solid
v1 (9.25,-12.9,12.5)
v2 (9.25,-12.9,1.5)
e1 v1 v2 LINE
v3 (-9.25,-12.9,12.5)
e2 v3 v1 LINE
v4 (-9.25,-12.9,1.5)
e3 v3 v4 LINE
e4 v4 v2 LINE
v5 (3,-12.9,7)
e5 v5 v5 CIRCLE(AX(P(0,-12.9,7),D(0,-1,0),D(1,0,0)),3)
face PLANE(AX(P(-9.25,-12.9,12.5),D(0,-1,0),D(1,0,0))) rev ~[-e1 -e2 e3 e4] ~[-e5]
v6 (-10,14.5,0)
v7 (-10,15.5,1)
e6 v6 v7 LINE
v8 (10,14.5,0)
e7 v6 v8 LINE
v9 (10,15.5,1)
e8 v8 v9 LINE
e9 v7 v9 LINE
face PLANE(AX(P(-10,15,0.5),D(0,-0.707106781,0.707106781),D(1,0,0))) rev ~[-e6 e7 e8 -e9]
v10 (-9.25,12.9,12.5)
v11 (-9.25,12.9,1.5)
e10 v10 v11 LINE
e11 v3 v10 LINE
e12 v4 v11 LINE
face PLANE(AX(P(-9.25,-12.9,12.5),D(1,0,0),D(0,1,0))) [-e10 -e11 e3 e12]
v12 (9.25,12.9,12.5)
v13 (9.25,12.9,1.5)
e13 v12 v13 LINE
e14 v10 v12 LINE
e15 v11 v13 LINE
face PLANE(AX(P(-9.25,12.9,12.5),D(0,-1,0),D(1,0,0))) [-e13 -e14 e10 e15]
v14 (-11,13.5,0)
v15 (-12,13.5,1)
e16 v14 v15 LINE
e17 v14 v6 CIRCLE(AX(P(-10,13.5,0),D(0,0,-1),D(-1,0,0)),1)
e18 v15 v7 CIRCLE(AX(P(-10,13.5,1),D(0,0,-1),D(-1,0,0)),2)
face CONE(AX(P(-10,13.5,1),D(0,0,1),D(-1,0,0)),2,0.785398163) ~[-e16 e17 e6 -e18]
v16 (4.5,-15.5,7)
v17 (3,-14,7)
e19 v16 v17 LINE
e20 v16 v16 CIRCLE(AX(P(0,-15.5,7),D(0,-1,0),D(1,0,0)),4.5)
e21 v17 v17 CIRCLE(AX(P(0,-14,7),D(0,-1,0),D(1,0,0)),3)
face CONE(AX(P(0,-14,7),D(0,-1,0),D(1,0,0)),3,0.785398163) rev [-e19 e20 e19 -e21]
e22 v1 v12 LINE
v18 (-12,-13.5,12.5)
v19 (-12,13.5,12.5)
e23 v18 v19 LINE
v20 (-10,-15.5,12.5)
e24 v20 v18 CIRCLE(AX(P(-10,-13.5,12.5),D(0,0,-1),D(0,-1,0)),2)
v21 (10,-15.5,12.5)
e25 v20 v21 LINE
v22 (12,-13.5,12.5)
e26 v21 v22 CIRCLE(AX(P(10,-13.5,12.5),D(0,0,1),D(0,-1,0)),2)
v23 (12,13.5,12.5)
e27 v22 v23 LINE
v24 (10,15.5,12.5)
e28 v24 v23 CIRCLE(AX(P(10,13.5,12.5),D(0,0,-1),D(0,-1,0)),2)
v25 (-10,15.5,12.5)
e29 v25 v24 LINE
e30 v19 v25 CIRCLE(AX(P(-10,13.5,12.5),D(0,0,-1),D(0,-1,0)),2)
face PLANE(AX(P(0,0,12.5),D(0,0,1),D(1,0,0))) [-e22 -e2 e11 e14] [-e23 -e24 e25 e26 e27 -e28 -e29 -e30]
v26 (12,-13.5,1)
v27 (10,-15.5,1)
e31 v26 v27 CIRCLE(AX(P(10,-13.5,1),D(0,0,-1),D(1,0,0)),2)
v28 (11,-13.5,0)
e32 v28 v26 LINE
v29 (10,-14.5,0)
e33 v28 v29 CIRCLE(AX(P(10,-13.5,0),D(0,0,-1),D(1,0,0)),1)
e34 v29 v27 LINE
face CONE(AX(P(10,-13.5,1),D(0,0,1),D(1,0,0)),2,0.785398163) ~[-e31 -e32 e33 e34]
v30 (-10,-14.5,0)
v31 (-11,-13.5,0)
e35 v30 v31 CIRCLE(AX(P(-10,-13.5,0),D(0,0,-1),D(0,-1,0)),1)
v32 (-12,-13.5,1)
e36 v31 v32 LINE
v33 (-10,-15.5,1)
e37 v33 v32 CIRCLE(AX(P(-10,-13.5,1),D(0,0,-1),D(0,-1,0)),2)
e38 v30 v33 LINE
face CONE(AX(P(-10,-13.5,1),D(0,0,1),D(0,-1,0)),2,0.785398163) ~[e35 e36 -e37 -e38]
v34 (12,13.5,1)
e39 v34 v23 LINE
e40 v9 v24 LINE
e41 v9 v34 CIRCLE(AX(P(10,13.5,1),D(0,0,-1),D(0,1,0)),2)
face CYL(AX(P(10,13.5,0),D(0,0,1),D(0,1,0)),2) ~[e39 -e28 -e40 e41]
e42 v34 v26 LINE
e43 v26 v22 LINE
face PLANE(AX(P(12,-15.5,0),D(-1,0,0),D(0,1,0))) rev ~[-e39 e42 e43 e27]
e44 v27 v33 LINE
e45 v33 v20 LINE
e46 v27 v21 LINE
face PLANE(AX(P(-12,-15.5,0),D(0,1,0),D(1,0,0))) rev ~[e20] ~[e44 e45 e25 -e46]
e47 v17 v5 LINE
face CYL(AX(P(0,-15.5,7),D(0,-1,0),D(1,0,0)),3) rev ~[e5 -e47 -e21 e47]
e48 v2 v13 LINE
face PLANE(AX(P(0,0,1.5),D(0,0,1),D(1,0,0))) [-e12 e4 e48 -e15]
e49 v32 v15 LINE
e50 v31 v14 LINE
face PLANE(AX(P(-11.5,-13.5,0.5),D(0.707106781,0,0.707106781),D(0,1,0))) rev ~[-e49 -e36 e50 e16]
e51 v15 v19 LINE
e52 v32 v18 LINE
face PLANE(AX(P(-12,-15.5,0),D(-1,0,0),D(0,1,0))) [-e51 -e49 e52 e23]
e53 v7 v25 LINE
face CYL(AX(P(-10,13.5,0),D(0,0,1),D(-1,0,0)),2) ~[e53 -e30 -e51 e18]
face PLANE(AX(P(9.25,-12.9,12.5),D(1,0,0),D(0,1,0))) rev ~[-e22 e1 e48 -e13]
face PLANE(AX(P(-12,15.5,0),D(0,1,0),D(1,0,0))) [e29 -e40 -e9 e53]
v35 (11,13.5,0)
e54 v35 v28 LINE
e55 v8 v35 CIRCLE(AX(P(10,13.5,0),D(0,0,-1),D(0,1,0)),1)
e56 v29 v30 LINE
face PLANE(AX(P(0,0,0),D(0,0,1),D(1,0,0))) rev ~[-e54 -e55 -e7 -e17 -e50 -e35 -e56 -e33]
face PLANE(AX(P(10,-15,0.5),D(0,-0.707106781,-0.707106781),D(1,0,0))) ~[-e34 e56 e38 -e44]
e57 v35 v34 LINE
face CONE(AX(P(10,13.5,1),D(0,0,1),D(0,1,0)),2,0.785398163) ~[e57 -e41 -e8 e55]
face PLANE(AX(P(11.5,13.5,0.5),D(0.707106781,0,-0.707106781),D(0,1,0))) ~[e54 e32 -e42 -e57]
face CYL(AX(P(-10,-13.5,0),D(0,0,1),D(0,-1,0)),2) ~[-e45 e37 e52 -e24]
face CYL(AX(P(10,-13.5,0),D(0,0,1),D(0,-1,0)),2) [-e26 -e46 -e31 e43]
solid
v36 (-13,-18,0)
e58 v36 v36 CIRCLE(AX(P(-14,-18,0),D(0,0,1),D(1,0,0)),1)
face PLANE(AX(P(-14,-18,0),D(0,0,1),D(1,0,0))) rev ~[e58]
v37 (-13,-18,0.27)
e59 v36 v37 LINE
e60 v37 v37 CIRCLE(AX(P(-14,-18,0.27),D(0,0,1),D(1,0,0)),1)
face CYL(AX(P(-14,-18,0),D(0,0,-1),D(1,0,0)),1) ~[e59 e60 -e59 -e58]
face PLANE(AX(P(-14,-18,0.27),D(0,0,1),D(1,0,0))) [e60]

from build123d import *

# Parameters (mm, degrees)
SKETCH_W        = 24
SKETCH_H        = 31
PAD_DEPTH       = 12.5
SKETCH001_R     = 3
POCKET_DEPTH    = 3
SKETCH002_W     = 18.5
SKETCH002_H     = 25.8
POCKET001_DEPTH = 11
CHAMFER_SIZE    = 1.5
FILLET_R        = 2
FILLET001_R     = 2
FILLET002_R     = 2
FILLET003_R     = 2
CHAMFER001_SIZE = 1
SKETCH003_R     = 1
PAD001_DEPTH    = 0.27


with BuildPart() as chamfer001:
    # Sketch → Pad (new body)
    with BuildSketch(Plane.XY):
        Rectangle(SKETCH_W, SKETCH_H)
    extrude(amount=PAD_DEPTH)

    # Sketch001 → Pocket (cut)
    with BuildSketch(Plane.XZ.offset(15.5)):
        with Locations((0, 7)):
            Circle(SKETCH001_R)
    extrude(amount=-POCKET_DEPTH, mode=Mode.SUBTRACT)

    # Sketch002 → Pocket001 (cut)
    with BuildSketch(Plane.XY.offset(12.5)):
        Rectangle(SKETCH002_W, SKETCH002_H)
    extrude(amount=-POCKET001_DEPTH, mode=Mode.SUBTRACT)

    # Chamfer
    chamfer_edges = [chamfer001.edges().sort_by_distance(p)[0] for p in [
        (-3, -15.5, 7),
    ]]
    chamfer(chamfer_edges, length=CHAMFER_SIZE)

    # Fillet
    fillet_edges = [chamfer001.edges().sort_by_distance(p)[0] for p in [
        (12, -15.5, 6.25),
    ]]
    fillet(fillet_edges, radius=FILLET_R)

    # Fillet001
    fillet001_edges = [chamfer001.edges().sort_by_distance(p)[0] for p in [
        (-12, -15.5, 6.25),
    ]]
    fillet(fillet001_edges, radius=FILLET001_R)

    # Fillet002
    fillet002_edges = [chamfer001.edges().sort_by_distance(p)[0] for p in [
        (-12, 15.5, 6.25),
    ]]
    fillet(fillet002_edges, radius=FILLET002_R)

    # Fillet003
    fillet003_edges = [chamfer001.edges().sort_by_distance(p)[0] for p in [
        (12, 15.5, 6.25),
    ]]
    fillet(fillet003_edges, radius=FILLET003_R)

    # Chamfer001
    chamfer001_edges = [chamfer001.edges().sort_by_distance(p)[0] for p in [
        (-12, 0, 0),
    ]]
    chamfer(chamfer001_edges, length=CHAMFER001_SIZE)


with BuildPart() as pad001:
    # Sketch003 → Pad001 (new body)
    with BuildSketch(Plane.XY):
        with Locations((-14, -18)):
            Circle(SKETCH003_R)
    extrude(amount=PAD001_DEPTH)


solid = Compound([chamfer001.part, pad001.part])
